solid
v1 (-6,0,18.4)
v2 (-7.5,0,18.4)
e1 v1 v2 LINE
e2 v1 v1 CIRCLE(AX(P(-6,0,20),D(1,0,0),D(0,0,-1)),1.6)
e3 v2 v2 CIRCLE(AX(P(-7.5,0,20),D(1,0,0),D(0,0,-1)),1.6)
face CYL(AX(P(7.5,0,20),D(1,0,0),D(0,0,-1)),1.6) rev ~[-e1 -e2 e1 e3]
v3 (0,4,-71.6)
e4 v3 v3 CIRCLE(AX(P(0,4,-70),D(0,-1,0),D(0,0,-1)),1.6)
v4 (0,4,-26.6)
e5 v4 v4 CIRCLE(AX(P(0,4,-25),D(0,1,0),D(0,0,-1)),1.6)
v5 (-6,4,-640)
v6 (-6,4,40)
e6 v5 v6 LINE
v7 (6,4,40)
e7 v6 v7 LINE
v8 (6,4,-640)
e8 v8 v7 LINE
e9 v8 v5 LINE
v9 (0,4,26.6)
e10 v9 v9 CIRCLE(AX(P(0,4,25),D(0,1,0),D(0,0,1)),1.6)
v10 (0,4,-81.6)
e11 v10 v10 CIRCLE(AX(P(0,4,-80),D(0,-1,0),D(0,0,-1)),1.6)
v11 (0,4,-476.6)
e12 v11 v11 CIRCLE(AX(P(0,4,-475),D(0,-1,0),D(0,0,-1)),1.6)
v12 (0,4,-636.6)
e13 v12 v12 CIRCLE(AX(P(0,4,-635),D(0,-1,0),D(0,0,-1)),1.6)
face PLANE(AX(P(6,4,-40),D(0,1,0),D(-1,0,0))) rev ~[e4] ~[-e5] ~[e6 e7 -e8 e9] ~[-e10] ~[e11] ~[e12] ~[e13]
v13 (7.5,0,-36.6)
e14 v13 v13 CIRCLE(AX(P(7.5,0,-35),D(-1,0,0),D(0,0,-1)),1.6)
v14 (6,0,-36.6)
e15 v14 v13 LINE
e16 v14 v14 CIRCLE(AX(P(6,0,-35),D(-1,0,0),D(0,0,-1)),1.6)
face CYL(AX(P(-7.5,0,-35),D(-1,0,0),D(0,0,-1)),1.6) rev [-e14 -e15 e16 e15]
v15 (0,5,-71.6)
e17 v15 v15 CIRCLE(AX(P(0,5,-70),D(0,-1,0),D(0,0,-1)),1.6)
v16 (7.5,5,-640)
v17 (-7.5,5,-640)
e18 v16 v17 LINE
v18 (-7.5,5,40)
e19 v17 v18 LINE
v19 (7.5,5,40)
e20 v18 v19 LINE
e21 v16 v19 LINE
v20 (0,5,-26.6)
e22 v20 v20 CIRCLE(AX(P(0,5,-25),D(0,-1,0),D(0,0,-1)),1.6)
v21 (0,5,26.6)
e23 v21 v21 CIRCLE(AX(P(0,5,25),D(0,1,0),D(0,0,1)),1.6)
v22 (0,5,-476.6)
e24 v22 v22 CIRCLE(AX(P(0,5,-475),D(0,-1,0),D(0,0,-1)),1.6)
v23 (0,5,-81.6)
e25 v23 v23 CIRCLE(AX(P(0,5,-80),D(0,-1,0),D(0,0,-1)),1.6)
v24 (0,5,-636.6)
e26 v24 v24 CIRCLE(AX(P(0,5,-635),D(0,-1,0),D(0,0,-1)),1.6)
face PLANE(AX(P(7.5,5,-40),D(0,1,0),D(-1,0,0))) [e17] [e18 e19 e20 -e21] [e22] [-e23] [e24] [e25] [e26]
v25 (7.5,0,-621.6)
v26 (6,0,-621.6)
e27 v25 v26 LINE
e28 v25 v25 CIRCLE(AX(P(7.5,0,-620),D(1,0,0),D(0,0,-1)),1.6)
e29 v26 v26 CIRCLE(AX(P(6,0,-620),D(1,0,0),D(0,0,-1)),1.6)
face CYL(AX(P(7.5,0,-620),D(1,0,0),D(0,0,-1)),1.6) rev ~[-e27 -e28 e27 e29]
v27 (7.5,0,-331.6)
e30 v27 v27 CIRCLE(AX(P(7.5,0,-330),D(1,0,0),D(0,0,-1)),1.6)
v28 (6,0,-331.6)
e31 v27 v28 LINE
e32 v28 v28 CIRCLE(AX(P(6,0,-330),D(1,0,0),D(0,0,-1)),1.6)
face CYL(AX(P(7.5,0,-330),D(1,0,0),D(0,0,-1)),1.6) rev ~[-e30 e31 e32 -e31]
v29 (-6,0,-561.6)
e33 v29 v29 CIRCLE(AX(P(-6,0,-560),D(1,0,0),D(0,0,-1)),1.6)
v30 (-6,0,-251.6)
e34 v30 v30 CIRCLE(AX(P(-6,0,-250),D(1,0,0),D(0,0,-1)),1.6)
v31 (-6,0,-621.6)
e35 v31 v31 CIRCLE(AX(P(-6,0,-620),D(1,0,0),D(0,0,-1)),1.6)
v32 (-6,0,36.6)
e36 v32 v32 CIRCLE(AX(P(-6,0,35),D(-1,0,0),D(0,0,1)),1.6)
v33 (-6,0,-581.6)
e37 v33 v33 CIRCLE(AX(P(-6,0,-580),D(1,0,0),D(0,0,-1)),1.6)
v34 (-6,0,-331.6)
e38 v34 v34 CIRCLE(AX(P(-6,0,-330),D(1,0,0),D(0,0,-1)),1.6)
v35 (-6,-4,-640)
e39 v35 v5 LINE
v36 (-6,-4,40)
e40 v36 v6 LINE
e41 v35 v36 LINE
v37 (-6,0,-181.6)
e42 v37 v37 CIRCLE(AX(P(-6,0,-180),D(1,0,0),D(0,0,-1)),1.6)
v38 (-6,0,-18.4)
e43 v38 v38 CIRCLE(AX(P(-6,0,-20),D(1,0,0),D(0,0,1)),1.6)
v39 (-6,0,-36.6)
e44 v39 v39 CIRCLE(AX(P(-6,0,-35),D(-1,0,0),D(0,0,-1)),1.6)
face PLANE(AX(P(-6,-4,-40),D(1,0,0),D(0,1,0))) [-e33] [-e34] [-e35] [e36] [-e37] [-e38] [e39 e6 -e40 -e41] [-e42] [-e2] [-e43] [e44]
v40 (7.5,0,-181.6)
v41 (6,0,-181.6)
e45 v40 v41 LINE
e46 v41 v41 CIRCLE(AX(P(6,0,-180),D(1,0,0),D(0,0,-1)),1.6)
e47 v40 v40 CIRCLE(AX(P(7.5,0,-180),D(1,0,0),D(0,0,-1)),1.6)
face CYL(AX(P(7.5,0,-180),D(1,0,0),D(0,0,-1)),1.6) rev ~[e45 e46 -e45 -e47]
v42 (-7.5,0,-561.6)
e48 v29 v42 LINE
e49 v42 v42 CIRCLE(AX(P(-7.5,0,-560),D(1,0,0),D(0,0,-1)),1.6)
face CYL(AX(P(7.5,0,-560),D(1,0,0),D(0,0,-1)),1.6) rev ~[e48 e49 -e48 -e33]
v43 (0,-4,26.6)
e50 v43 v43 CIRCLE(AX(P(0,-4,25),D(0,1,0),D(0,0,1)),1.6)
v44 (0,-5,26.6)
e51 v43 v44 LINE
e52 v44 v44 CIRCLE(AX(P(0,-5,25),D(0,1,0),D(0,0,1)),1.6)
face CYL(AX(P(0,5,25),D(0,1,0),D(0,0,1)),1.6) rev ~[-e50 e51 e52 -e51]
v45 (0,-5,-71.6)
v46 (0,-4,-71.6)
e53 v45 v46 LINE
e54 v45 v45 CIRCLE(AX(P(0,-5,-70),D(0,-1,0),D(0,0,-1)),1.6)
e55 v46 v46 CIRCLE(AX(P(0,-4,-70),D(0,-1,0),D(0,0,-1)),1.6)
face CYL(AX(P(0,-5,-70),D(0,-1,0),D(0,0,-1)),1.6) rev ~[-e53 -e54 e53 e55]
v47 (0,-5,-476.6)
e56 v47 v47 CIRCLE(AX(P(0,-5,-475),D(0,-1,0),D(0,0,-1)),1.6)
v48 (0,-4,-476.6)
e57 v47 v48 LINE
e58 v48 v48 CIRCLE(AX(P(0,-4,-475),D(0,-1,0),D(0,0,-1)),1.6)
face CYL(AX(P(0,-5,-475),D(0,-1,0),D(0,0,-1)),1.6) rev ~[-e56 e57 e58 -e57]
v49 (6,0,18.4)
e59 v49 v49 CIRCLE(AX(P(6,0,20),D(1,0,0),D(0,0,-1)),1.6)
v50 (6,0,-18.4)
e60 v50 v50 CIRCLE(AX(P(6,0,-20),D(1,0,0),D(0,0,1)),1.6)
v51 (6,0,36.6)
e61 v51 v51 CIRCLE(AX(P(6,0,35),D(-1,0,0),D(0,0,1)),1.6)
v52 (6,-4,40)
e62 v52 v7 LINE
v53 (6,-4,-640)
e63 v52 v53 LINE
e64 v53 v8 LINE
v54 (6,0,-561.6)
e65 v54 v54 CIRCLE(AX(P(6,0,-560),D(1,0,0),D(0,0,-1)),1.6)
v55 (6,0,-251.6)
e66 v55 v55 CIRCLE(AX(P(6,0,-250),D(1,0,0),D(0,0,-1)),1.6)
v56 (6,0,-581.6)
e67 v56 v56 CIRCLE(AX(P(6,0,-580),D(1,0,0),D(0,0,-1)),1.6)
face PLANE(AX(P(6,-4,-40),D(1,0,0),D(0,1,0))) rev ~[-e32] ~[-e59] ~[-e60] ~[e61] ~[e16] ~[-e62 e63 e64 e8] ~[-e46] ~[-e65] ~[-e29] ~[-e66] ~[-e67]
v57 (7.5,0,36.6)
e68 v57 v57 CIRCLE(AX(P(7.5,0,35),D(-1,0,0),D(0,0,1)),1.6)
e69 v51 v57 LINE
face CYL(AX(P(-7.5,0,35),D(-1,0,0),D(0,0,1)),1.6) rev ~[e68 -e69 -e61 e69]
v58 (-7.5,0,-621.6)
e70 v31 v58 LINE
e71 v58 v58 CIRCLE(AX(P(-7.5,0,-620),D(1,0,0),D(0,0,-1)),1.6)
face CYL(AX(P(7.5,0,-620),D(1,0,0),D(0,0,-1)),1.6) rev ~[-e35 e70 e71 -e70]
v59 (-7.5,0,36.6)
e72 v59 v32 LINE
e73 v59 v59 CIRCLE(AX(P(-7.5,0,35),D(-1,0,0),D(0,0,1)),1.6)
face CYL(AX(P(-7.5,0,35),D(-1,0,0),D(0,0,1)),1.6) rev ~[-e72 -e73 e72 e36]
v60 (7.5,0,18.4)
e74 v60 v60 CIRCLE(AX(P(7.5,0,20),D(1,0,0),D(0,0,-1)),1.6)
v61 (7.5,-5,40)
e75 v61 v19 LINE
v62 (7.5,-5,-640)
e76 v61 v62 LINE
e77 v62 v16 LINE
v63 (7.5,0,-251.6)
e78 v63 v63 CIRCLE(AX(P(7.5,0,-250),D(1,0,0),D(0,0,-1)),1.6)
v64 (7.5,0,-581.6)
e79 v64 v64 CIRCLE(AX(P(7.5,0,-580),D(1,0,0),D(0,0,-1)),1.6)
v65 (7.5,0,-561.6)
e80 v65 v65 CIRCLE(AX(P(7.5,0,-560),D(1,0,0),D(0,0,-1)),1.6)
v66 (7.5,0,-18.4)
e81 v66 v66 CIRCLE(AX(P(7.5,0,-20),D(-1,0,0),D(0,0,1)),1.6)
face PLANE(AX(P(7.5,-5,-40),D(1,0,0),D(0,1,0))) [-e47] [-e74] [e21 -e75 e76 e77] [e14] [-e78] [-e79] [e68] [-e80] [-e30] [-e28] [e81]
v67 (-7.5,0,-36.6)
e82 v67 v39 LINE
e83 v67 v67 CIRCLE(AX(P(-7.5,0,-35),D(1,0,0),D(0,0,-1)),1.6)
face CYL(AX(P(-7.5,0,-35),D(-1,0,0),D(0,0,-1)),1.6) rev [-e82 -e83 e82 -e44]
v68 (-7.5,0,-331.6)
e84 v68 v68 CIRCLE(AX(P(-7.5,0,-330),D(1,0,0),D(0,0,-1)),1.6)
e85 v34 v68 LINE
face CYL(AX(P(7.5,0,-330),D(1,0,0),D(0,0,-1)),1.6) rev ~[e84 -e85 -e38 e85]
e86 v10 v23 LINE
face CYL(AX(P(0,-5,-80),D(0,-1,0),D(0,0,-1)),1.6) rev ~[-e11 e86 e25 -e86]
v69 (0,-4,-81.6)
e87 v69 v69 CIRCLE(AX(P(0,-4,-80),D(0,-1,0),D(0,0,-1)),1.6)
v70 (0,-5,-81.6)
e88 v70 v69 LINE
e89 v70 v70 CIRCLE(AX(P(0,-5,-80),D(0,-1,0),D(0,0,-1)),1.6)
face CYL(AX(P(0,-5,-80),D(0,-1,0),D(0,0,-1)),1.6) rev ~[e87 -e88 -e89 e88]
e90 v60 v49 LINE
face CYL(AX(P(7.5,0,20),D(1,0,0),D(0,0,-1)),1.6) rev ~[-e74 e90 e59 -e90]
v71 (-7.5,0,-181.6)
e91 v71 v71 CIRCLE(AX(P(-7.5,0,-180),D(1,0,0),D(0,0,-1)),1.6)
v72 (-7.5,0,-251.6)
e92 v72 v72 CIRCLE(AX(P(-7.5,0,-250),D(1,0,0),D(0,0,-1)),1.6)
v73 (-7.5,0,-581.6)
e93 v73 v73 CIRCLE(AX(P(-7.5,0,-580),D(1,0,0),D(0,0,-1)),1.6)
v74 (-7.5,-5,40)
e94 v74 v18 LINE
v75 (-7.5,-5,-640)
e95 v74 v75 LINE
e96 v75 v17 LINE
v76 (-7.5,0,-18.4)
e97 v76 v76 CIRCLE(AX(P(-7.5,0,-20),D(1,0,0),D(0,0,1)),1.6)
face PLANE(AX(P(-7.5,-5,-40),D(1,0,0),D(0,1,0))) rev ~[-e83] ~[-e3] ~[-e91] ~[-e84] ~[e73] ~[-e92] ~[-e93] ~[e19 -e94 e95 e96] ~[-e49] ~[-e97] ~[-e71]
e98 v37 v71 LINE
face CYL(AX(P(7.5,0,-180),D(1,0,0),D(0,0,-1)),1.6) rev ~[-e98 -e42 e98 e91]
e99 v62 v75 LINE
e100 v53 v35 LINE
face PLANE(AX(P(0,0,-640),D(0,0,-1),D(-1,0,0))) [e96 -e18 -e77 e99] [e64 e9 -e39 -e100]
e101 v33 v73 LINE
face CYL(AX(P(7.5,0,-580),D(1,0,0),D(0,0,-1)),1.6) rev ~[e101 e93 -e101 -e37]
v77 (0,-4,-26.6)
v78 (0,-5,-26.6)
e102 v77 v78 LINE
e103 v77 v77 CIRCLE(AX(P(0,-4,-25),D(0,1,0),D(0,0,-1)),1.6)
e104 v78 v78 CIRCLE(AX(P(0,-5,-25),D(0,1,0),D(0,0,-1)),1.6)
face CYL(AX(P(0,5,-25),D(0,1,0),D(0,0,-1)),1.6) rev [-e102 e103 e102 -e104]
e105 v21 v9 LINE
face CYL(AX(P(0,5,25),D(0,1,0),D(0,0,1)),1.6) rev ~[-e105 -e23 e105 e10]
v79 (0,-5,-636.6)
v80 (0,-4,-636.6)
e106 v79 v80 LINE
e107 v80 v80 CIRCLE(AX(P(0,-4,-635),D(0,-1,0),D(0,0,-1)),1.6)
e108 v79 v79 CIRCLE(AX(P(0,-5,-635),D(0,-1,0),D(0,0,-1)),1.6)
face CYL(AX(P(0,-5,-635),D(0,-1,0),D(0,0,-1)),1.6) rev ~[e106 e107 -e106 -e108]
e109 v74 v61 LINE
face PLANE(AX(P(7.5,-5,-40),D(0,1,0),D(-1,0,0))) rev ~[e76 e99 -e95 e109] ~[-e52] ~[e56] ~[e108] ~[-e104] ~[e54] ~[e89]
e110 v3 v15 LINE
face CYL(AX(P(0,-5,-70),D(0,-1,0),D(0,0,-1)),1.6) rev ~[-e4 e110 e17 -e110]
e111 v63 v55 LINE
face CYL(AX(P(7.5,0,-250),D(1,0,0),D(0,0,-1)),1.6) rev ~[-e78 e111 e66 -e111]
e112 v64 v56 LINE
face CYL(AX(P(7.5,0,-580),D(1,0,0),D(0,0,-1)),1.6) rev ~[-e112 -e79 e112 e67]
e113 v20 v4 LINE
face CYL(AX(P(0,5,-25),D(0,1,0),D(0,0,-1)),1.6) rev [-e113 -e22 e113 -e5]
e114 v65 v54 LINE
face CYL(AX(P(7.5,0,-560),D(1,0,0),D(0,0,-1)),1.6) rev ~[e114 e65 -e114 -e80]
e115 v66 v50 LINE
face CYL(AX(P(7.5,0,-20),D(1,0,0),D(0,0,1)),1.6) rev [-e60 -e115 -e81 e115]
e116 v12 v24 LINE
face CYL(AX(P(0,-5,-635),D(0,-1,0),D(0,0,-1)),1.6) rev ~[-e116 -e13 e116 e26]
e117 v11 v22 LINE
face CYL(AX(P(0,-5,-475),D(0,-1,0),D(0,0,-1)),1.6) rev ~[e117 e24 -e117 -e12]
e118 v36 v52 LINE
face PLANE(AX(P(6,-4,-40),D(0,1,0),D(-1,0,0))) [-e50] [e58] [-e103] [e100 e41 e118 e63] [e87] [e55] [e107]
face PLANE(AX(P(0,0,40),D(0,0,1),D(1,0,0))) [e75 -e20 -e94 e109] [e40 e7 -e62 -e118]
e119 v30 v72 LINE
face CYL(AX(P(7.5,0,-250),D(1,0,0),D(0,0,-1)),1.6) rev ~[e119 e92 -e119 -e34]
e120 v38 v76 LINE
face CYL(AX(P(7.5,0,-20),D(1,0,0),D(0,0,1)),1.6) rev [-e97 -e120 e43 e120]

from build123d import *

# Parameters (mm, degrees)
SKETCH_1_W          = 15
SKETCH_1_H          = 10
SKETCH_1_W_2        = 12
SKETCH_1_H_2        = 8
EXTRUDE_1_DEPTH     = 40
SKETCH_2_R          = 1.6
CUT_EXTRUDE_1_DEPTH = 44.011626335
SKETCH_4_R          = 1.6
CUT_EXTRUDE_3_DEPTH = 44.011626335
SKETCH_5_R          = 1.6
CUT_EXTRUDE_4_DEPTH = 42.907636536
SKETCH_6_W          = 15
SKETCH_6_H          = 10
SKETCH_6_W_2        = 12
SKETCH_6_H_2        = 8
EXTRUDE_2_DEPTH     = 600
SKETCH_7_R          = 1.6
CUT_EXTRUDE_5_DEPTH = 641.122058673
SKETCH_8_R          = 1.6
CUT_EXTRUDE_6_DEPTH = 641.195282707


with BuildPart() as part:
    # ｽｹｯﾁ1 → ﾎﾞｽ - 押し出し1 (new body)
    with BuildSketch(Plane.XY):
        Rectangle(SKETCH_1_W, SKETCH_1_H)
        Rectangle(SKETCH_1_W_2, SKETCH_1_H_2, mode=Mode.SUBTRACT)
    extrude_1 = extrude(amount=EXTRUDE_1_DEPTH)

    # ｽｹｯﾁ2 → ｶｯﾄ - 押し出し1 (cut, through all)
    with BuildSketch(Plane(origin=(7.5, 0, 0), x_dir=(0, 0, -1), z_dir=(1, 0, 0))):
        with Locations((-20, 0)):
            Circle(SKETCH_2_R)
    cut_extrude_1 = extrude(amount=-CUT_EXTRUDE_1_DEPTH, mode=Mode.SUBTRACT)

    # ｽｹｯﾁ4 → ｶｯﾄ - 押し出し3 (cut, through all)
    with BuildSketch(Plane.ZY.offset(7.5)):
        with Locations((35, 0)):
            Circle(SKETCH_4_R)
    cut_extrude_3 = extrude(amount=-CUT_EXTRUDE_3_DEPTH, mode=Mode.SUBTRACT)

    # ｽｹｯﾁ5 → ｶｯﾄ - 押し出し4 (cut, through all)
    with BuildSketch(Plane(origin=(0, 5, 0), x_dir=(1, 0, 0), z_dir=(0, 1, 0))):
        with Locations(Location((0, -25, 0), (0, 0, 270))):
            Circle(SKETCH_5_R)
    cut_extrude_4 = extrude(amount=-CUT_EXTRUDE_4_DEPTH, mode=Mode.SUBTRACT)

    # ﾐﾗｰ1: ﾎﾞｽ - 押し出し1, ｶｯﾄ - 押し出し1, ｶｯﾄ - 押し出し3, ｶｯﾄ - 押し出し4 across plane
    add(extrude_1.mirror(Plane(origin=(0, 0, 0), x_dir=(1, 0, 0), z_dir=(0, 0, -1))))
    add(cut_extrude_1.mirror(Plane(origin=(0, 0, 0), x_dir=(1, 0, 0), z_dir=(0, 0, -1))), mode=Mode.SUBTRACT)
    add(cut_extrude_3.mirror(Plane(origin=(0, 0, 0), x_dir=(1, 0, 0), z_dir=(0, 0, -1))), mode=Mode.SUBTRACT)
    add(cut_extrude_4.mirror(Plane(origin=(0, 0, 0), x_dir=(1, 0, 0), z_dir=(0, 0, -1))), mode=Mode.SUBTRACT)

    # ｽｹｯﾁ6 → ﾎﾞｽ - 押し出し2 (add)
    with BuildSketch(Plane(origin=(0, 0, -40), x_dir=(-1, 0, 0), z_dir=(0, 0, -1))):
        Rectangle(SKETCH_6_W, SKETCH_6_H)
        Rectangle(SKETCH_6_W_2, SKETCH_6_H_2, mode=Mode.SUBTRACT)
    extrude(amount=EXTRUDE_2_DEPTH)

    # ｽｹｯﾁ7 → ｶｯﾄ - 押し出し5 (cut, through all)
    with BuildSketch(Plane(origin=(0, -5, 0), x_dir=(-1, 0, 0), z_dir=(0, -1, 0))):
        with Locations(Location((0, 635, 0), (0, 0, 90))):
            Circle(SKETCH_7_R)
        with Locations(Location((0, 80, 0), (0, 0, 90))):
            Circle(SKETCH_7_R)
        with Locations(Location((0, 70, 0), (0, 0, 90))):
            Circle(SKETCH_7_R)
        with Locations(Location((0, 475, 0), (0, 0, 90))):
            Circle(SKETCH_7_R)
    extrude(amount=-CUT_EXTRUDE_5_DEPTH, mode=Mode.SUBTRACT)

    # ｽｹｯﾁ8 → ｶｯﾄ - 押し出し6 (cut, through all)
    with BuildSketch(Plane(origin=(7.5, 0, 0), x_dir=(0, 0, -1), z_dir=(1, 0, 0))):
        with Locations((330, 0)):
            Circle(SKETCH_8_R)
        with Locations((580, 0)):
            Circle(SKETCH_8_R)
        with Locations((180, 0)):
            Circle(SKETCH_8_R)
        with Locations((250, 0)):
            Circle(SKETCH_8_R)
        with Locations((560, 0)):
            Circle(SKETCH_8_R)
        with Locations((620, 0)):
            Circle(SKETCH_8_R)
    extrude(amount=-CUT_EXTRUDE_6_DEPTH, mode=Mode.SUBTRACT)


solid = part.part
